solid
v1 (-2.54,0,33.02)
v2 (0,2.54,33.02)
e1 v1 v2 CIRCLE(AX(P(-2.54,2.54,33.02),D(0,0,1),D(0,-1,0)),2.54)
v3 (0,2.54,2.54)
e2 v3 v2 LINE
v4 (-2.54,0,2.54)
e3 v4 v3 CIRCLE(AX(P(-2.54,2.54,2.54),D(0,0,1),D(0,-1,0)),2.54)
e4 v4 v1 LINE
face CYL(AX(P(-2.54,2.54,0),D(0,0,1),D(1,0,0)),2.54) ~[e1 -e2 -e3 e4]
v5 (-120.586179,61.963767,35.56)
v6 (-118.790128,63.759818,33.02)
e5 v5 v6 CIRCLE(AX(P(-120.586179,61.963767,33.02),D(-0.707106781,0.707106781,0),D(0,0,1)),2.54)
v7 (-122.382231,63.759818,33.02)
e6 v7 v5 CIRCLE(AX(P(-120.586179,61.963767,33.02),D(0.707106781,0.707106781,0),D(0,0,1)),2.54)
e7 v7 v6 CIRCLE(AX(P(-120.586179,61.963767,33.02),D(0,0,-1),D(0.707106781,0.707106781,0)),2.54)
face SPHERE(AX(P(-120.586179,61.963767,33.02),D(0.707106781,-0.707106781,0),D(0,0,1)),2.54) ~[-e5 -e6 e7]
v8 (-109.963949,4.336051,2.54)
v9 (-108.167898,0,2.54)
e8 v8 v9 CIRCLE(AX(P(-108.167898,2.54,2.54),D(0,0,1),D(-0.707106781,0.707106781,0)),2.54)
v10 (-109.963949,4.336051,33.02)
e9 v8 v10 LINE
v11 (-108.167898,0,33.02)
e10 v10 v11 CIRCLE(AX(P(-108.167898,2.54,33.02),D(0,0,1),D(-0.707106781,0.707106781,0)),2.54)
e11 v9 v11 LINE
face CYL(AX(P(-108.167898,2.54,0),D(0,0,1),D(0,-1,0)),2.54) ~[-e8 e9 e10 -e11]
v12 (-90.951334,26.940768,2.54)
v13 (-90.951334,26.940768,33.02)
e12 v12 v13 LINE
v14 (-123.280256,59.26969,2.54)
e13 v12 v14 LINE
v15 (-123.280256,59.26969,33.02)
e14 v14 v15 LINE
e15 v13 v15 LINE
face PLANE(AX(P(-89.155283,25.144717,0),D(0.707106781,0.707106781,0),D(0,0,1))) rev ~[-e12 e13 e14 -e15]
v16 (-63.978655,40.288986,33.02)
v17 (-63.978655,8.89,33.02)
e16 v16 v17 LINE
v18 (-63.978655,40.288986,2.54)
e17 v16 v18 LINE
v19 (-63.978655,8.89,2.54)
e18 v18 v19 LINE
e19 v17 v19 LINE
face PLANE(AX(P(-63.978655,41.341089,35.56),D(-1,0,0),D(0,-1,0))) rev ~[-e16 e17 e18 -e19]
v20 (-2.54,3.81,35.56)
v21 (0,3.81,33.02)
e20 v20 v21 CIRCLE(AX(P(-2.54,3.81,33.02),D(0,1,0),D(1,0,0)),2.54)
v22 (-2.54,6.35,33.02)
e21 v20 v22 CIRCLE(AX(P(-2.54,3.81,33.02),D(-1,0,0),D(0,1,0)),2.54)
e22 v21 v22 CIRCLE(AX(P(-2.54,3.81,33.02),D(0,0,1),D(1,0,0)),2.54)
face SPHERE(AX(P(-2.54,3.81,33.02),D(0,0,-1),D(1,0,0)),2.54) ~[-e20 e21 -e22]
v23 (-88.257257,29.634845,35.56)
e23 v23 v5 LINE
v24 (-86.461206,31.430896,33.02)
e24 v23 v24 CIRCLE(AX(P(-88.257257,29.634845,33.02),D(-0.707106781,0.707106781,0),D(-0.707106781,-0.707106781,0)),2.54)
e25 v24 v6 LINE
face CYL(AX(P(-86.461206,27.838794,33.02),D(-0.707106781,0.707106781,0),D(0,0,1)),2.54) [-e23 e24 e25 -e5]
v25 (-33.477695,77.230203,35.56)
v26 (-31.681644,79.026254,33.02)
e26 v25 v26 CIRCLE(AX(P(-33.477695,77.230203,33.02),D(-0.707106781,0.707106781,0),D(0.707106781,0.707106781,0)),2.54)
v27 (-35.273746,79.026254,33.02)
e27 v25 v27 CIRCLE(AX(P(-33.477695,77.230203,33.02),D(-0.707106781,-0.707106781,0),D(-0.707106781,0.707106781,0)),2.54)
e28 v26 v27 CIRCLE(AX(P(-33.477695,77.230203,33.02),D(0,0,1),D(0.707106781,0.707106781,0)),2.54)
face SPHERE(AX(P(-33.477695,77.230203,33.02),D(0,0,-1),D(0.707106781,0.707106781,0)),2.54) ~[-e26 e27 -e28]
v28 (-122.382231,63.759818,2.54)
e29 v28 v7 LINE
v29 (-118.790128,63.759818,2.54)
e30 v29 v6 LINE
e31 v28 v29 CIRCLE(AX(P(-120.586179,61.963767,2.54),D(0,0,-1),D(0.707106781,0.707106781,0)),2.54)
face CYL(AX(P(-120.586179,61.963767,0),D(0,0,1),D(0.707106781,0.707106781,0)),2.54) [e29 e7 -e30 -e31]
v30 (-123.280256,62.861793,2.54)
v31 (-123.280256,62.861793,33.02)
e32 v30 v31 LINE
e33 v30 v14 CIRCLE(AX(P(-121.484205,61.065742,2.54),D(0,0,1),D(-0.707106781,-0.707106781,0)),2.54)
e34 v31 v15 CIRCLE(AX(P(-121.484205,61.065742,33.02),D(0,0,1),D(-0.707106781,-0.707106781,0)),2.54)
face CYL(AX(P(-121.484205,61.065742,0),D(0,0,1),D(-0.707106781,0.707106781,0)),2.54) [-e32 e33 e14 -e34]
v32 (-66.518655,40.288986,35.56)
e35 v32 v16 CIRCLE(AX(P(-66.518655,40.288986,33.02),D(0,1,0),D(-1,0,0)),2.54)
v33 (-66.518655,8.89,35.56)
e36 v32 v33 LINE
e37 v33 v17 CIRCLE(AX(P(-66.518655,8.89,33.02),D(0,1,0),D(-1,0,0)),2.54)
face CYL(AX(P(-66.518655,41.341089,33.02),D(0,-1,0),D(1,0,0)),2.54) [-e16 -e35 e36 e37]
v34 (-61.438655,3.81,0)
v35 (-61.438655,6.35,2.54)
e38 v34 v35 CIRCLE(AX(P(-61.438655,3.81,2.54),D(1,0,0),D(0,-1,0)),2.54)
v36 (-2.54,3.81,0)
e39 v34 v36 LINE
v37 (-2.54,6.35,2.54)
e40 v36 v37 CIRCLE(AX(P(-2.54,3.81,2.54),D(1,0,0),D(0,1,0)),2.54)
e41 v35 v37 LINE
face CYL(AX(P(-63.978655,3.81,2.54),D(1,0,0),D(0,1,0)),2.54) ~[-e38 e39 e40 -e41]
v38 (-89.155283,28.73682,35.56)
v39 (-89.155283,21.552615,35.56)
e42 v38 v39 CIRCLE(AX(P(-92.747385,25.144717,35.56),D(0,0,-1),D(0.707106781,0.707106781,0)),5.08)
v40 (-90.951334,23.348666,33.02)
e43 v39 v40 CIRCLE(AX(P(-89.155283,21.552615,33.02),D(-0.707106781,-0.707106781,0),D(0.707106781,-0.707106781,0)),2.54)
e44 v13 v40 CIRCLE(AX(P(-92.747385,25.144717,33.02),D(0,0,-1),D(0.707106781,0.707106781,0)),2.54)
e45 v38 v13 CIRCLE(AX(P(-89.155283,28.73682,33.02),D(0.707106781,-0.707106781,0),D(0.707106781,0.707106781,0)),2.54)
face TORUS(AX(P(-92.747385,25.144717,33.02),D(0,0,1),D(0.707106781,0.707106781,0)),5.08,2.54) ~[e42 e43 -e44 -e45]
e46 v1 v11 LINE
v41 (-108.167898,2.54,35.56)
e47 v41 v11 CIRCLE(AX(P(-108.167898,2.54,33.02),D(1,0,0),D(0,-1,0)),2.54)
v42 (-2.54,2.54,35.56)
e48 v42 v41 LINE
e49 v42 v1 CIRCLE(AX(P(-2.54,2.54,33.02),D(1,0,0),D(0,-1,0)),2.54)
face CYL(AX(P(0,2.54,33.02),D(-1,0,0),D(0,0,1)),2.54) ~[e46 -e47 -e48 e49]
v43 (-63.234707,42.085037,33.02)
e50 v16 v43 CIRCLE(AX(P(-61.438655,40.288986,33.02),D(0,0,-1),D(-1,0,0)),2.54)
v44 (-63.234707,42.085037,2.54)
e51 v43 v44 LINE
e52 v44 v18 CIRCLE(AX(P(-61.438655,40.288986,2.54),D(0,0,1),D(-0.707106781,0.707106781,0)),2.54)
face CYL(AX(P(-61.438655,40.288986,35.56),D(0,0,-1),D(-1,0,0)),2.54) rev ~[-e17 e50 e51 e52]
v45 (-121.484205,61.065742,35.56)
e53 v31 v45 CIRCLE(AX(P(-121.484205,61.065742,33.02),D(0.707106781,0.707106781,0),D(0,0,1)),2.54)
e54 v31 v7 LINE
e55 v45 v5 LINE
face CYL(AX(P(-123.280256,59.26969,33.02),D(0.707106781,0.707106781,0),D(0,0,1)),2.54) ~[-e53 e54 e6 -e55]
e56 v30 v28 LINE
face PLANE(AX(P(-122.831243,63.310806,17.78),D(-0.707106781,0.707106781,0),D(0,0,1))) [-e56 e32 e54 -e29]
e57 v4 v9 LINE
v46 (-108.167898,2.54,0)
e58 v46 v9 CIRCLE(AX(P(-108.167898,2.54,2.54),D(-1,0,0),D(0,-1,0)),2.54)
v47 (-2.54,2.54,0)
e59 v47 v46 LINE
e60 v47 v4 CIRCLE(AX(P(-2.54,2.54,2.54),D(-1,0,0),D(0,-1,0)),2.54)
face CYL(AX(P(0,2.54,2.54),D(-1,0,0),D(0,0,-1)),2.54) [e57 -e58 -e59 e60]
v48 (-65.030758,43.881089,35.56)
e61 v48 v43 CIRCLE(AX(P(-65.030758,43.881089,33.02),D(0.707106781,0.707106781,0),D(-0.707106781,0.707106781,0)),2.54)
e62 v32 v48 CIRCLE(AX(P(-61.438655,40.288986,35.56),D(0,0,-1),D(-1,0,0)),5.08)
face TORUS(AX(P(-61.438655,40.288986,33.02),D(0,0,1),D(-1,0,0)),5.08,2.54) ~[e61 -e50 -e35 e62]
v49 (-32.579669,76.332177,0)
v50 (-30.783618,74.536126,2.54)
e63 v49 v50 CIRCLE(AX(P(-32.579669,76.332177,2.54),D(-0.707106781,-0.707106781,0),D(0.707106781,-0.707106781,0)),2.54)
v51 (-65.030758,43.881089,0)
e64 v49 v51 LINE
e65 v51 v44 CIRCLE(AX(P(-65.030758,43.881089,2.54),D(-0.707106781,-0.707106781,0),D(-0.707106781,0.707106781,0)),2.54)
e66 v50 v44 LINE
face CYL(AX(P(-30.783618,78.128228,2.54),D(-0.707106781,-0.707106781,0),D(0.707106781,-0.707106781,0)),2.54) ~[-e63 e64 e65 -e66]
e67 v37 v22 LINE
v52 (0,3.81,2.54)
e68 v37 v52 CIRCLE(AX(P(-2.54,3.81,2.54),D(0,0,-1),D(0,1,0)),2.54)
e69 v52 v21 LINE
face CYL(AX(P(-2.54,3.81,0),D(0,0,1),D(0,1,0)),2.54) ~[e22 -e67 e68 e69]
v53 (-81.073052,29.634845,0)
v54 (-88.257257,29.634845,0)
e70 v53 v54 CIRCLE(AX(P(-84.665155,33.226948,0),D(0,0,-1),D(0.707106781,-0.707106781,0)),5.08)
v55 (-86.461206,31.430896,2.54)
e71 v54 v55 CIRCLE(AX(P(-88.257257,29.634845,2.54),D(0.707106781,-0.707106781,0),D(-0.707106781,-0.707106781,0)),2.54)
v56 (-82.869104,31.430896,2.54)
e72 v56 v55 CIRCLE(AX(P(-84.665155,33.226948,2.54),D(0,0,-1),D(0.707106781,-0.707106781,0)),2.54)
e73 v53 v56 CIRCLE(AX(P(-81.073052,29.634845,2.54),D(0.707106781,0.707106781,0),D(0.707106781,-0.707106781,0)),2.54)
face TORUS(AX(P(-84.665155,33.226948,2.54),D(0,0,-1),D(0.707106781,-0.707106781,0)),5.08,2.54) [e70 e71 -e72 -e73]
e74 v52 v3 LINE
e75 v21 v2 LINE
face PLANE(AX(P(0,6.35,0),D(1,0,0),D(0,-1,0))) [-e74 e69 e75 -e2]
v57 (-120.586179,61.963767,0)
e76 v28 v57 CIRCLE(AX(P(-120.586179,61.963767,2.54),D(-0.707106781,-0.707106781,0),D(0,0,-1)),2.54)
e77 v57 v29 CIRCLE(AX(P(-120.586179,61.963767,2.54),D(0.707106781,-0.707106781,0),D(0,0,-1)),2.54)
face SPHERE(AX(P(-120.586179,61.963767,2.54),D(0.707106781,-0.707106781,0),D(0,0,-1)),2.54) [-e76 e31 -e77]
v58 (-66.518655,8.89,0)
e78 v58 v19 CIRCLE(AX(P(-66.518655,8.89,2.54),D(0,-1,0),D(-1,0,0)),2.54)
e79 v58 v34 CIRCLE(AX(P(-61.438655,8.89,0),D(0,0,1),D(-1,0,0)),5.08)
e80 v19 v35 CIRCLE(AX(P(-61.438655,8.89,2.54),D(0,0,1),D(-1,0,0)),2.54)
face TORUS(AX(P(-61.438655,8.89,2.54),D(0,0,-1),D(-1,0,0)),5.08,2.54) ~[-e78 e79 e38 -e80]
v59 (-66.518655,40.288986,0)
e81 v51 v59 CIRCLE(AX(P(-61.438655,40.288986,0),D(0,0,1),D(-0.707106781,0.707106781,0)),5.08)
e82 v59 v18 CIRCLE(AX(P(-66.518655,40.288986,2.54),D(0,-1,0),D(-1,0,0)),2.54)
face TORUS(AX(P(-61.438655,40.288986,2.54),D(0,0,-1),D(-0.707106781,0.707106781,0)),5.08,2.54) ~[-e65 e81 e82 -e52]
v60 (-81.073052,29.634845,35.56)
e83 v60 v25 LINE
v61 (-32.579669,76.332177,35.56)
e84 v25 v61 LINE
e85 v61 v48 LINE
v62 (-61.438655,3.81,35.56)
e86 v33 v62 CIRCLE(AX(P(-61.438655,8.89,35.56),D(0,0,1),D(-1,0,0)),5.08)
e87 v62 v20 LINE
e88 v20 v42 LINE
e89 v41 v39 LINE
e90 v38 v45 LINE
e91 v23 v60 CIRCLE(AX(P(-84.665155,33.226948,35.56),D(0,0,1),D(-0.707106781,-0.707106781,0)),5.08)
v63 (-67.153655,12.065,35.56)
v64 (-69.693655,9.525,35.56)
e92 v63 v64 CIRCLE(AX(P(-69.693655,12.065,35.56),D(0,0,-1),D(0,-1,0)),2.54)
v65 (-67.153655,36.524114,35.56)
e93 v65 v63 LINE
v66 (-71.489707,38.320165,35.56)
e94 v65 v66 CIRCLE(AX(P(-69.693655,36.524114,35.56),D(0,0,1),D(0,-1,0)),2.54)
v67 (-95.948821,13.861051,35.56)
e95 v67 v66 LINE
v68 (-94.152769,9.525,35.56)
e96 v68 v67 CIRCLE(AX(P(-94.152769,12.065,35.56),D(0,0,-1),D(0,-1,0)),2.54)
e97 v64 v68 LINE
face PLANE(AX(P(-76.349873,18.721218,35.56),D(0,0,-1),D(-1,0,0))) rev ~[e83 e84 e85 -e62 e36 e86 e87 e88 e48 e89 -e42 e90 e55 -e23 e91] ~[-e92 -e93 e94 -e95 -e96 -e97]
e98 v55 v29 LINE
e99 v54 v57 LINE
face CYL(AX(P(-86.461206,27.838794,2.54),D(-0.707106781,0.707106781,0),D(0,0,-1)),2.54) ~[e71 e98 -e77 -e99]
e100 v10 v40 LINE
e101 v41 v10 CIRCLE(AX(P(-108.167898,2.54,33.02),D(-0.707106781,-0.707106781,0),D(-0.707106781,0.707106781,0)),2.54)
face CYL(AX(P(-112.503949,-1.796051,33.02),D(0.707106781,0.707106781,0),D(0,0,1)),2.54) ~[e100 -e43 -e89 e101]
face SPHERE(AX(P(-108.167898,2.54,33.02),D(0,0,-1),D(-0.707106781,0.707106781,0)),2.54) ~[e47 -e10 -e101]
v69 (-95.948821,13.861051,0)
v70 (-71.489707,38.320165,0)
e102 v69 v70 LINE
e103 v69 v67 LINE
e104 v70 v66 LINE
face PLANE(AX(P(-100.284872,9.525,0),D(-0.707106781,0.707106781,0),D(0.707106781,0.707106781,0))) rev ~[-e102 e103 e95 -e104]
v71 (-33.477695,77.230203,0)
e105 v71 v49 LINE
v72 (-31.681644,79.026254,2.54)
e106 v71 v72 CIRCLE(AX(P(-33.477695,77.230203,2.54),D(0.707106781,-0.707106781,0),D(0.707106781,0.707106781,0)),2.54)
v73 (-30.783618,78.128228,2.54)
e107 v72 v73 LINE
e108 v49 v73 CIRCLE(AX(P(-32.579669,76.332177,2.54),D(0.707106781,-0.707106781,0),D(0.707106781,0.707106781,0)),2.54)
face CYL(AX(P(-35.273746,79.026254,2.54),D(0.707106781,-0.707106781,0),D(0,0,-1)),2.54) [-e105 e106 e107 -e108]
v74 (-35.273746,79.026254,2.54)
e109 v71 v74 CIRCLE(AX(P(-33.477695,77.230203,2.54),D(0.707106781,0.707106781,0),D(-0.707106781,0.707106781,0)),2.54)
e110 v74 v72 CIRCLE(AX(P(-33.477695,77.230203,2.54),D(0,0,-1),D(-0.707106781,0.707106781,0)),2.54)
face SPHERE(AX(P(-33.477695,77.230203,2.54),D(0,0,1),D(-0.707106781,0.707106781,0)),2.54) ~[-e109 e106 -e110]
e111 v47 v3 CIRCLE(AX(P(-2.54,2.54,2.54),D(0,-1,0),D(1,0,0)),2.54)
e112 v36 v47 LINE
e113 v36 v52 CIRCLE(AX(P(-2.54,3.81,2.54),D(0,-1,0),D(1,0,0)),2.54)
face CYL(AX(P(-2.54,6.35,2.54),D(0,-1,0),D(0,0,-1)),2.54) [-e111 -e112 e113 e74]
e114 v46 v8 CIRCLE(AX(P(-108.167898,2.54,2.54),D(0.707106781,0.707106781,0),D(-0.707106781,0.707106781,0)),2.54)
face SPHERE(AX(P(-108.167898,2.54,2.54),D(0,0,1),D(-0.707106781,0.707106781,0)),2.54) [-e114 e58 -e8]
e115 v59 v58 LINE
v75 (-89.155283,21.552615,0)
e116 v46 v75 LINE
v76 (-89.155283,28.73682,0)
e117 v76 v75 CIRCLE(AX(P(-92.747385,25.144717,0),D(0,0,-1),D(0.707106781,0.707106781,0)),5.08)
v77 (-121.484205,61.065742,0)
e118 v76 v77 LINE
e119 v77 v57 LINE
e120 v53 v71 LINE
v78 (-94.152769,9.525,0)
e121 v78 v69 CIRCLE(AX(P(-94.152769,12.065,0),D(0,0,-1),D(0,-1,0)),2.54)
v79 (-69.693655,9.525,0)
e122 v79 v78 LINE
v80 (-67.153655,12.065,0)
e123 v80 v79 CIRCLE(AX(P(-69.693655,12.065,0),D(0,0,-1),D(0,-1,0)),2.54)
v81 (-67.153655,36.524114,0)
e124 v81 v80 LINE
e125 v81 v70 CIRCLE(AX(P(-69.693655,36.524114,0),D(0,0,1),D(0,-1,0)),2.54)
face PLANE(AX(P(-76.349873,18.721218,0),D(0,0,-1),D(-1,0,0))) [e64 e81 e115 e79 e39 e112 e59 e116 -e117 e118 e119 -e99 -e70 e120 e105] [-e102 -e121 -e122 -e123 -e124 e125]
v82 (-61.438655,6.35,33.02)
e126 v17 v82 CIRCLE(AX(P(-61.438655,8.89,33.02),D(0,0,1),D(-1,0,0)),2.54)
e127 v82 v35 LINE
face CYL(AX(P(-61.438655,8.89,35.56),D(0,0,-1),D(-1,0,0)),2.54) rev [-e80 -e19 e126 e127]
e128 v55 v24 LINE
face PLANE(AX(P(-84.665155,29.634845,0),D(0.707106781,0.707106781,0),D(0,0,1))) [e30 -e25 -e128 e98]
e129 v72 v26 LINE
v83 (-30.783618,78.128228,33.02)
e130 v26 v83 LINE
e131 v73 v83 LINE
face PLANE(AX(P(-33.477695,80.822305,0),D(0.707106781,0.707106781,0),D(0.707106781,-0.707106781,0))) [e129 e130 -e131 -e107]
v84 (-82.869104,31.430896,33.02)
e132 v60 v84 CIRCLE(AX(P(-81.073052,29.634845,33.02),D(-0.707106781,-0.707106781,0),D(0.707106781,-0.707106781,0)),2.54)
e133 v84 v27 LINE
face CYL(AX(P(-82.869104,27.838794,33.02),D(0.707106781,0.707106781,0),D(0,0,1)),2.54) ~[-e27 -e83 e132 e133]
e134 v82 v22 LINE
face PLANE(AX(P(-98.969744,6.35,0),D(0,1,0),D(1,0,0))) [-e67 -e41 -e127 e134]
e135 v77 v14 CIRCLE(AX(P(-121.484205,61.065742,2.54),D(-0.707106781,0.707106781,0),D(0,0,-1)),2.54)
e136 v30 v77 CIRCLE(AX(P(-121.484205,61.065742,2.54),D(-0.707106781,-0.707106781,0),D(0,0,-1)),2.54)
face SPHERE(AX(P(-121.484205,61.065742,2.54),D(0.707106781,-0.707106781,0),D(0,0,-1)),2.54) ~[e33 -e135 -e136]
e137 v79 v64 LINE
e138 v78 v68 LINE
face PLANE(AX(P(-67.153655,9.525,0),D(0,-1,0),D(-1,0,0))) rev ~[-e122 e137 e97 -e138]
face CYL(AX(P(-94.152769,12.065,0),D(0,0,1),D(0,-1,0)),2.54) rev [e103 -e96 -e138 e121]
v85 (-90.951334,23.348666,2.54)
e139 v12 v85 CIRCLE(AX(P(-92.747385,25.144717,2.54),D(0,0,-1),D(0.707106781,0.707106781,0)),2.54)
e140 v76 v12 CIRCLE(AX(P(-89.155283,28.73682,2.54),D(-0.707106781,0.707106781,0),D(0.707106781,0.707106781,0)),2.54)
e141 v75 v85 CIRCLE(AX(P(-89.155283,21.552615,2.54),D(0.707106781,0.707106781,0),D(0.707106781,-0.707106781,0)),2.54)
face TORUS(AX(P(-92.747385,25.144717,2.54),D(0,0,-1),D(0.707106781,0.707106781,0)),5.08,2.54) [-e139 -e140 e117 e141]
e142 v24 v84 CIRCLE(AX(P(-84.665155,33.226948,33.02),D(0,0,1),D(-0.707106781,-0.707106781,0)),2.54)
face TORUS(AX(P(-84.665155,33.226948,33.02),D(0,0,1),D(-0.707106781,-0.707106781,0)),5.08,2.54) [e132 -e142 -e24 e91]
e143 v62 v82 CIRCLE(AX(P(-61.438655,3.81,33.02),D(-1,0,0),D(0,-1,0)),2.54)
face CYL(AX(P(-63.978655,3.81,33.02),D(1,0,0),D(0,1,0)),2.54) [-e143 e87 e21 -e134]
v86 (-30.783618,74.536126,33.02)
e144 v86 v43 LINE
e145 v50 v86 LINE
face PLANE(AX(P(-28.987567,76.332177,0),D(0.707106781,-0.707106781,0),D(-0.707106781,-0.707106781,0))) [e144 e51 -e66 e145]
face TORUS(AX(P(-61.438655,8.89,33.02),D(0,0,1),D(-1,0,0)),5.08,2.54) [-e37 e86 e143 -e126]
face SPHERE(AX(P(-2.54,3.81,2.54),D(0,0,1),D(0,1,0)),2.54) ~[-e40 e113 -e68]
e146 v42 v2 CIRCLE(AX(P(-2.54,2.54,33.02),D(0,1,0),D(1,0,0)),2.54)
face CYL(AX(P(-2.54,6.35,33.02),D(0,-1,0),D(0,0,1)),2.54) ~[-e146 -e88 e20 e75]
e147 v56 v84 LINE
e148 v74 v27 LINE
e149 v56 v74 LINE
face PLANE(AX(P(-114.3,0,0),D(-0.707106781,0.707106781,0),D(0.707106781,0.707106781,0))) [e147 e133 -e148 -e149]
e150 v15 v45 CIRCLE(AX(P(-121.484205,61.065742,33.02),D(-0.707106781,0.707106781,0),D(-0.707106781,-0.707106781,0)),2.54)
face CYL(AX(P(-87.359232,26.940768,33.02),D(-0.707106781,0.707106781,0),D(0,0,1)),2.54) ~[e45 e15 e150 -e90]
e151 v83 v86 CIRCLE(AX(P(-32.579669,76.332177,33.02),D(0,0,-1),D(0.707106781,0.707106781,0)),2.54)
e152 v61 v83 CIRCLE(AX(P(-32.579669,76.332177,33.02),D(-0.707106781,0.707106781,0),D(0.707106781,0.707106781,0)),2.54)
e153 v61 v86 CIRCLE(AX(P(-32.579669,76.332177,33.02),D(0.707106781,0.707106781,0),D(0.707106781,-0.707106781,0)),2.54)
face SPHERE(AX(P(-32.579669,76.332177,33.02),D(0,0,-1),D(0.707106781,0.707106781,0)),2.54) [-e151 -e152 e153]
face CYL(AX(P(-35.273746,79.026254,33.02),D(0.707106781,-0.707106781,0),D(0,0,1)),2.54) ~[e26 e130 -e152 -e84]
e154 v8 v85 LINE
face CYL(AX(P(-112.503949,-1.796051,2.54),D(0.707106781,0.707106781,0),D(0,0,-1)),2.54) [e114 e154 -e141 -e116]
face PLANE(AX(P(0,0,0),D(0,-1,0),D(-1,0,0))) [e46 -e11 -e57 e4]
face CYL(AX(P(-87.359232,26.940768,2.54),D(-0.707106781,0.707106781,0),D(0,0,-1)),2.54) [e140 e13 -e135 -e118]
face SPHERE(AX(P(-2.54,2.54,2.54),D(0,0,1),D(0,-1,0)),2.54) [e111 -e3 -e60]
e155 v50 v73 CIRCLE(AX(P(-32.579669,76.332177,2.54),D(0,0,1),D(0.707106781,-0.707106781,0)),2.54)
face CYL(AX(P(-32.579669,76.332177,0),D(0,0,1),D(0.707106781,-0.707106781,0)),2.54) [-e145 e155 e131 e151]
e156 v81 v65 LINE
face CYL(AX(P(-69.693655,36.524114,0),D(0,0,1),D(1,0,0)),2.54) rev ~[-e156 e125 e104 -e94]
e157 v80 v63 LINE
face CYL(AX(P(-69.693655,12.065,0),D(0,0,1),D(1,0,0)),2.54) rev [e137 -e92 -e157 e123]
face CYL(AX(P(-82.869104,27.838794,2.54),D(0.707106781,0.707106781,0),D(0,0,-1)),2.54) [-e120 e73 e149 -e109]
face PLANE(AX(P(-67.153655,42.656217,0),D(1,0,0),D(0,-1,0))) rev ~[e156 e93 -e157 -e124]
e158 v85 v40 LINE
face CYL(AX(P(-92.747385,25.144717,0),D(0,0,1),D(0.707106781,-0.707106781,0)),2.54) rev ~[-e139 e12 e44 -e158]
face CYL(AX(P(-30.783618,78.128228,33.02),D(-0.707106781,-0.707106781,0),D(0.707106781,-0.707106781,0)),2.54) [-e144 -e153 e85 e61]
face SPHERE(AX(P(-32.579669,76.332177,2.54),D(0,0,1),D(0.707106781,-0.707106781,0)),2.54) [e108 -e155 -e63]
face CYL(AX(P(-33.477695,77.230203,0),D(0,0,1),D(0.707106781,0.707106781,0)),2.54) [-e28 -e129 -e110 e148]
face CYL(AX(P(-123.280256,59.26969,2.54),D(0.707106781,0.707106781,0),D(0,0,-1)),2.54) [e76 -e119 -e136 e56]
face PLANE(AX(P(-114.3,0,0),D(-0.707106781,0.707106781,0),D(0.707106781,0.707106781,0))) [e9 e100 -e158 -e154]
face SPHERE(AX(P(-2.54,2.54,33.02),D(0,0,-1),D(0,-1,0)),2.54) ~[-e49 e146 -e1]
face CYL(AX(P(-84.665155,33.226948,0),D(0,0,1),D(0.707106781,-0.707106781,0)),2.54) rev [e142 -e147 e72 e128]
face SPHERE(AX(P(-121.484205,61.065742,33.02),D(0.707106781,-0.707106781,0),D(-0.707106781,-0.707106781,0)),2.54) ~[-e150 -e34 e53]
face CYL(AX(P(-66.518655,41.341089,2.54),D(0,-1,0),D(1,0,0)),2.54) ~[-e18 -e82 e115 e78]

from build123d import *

# Parameters (mm, degrees)
BOSS_EXTRUDE1_DEPTH = 35.56
SKETCH3_W           = 35.56
SKETCH3_H           = 6.35
BOSS_EXTRUDE2_DEPTH = 50.8
BOSS_EXTRUDE4_DEPTH = 35.56
CUT_EXTRUDE1_DEPTH  = 45.72
FILLET5_R           = 2.54


with BuildPart() as part:
    # Sketch2 → Boss-Extrude1 (new body)
    with BuildSketch(Plane.XY):
        Polygon((0, 0), (-114.3, 0), (-33.47769491, 80.82230509), (-28.98756685, 76.332177029), (-98.969743879, 6.35), (0, 6.35), align=None)
    extrude(amount=BOSS_EXTRUDE1_DEPTH)

    # Sketch3 → Boss-Extrude2 (add)
    with BuildSketch(Plane(origin=(-57.15, 57.15, 0), x_dir=(0, 0, 1), z_dir=(-0.707106781186544, 0.7071067811865511, 0))):
        with Locations((17.78, -42.08730509)):
            Rectangle(SKETCH3_W, SKETCH3_H)
    extrude(amount=BOSS_EXTRUDE2_DEPTH)

    # Sketch5 → Boss-Extrude4 (add)
    with BuildSketch(Plane.XY.offset(35.56)):
        Polygon((-98.969743879, 6.35), (-63.978655364, 41.341088515), (-63.978655364, 6.35), align=None)
    extrude(amount=-BOSS_EXTRUDE4_DEPTH)

    # Sketch6 → Cut-Extrude1 (cut)
    with BuildSketch(Plane(origin=(0, 0, 0), x_dir=(-1, 0, 0), z_dir=(0, 0, -1))):
        Polygon((67.153655364, 42.656216575), (67.153655364, 9.525), (100.284871939, 9.525), align=None)
    extrude(amount=-CUT_EXTRUDE1_DEPTH, mode=Mode.SUBTRACT)

    # Fillet5
    fillet5_edges = [part.edges().sort_by_distance(p)[0] for p in [
        (0, 0, 17.78),
        (-114.3, 0, 17.78),
        (-33.47769491, 80.82230509, 17.78),
        (-28.98756685, 76.332177029, 17.78),
        (0, 6.35, 17.78),
        (-31.23263088, 78.577241059, 35.56),
        (-101.727641431, 12.572358569, 0),
        (-101.727641431, 12.572358569, 35.56),
        (-59.071424855, 55.228575145, 35.56),
        (-102.625667043, 47.595357442, 0),
        (-89.155282861, 25.144717139, 17.78),
        (-107.115795103, 43.105229381, 0),
        (-107.115795103, 43.105229381, 35.56),
        (-84.6651548, 29.6348452, 17.78),
        (-102.625667043, 47.595357442, 35.56),
        (-122.831243315, 63.310805654, 0),
        (-125.076307345, 61.065741623, 17.78),
        (-122.831243315, 63.310805654, 35.56),
        (-120.586179285, 65.555869684, 17.78),
        (-57.15, 0, 35.56),
        (-46.483111107, 58.836632772, 0),
        (-46.483111107, 58.836632772, 35.56),
        (-63.978655364, 6.35, 17.78),
        (-63.978655364, 23.845544257, 0),
        (-63.978655364, 41.341088515, 17.78),
        (-63.978655364, 23.845544257, 35.56),
        (-67.153655364, 42.656216575, 17.78),
        (-100.284871939, 9.525, 17.78),
        (-67.153655364, 9.525, 17.78),
        (0, 3.175, 35.56),
        (-57.15, 0, 0),
        (-59.071424855, 55.228575145, 0),
        (-31.23263088, 78.577241059, 0),
        (-31.989327682, 6.35, 0),
        (0, 3.175, 0),
        (-31.989327682, 6.35, 35.56),
    ]]
    fillet(fillet5_edges, radius=FILLET5_R)


solid = part.part
